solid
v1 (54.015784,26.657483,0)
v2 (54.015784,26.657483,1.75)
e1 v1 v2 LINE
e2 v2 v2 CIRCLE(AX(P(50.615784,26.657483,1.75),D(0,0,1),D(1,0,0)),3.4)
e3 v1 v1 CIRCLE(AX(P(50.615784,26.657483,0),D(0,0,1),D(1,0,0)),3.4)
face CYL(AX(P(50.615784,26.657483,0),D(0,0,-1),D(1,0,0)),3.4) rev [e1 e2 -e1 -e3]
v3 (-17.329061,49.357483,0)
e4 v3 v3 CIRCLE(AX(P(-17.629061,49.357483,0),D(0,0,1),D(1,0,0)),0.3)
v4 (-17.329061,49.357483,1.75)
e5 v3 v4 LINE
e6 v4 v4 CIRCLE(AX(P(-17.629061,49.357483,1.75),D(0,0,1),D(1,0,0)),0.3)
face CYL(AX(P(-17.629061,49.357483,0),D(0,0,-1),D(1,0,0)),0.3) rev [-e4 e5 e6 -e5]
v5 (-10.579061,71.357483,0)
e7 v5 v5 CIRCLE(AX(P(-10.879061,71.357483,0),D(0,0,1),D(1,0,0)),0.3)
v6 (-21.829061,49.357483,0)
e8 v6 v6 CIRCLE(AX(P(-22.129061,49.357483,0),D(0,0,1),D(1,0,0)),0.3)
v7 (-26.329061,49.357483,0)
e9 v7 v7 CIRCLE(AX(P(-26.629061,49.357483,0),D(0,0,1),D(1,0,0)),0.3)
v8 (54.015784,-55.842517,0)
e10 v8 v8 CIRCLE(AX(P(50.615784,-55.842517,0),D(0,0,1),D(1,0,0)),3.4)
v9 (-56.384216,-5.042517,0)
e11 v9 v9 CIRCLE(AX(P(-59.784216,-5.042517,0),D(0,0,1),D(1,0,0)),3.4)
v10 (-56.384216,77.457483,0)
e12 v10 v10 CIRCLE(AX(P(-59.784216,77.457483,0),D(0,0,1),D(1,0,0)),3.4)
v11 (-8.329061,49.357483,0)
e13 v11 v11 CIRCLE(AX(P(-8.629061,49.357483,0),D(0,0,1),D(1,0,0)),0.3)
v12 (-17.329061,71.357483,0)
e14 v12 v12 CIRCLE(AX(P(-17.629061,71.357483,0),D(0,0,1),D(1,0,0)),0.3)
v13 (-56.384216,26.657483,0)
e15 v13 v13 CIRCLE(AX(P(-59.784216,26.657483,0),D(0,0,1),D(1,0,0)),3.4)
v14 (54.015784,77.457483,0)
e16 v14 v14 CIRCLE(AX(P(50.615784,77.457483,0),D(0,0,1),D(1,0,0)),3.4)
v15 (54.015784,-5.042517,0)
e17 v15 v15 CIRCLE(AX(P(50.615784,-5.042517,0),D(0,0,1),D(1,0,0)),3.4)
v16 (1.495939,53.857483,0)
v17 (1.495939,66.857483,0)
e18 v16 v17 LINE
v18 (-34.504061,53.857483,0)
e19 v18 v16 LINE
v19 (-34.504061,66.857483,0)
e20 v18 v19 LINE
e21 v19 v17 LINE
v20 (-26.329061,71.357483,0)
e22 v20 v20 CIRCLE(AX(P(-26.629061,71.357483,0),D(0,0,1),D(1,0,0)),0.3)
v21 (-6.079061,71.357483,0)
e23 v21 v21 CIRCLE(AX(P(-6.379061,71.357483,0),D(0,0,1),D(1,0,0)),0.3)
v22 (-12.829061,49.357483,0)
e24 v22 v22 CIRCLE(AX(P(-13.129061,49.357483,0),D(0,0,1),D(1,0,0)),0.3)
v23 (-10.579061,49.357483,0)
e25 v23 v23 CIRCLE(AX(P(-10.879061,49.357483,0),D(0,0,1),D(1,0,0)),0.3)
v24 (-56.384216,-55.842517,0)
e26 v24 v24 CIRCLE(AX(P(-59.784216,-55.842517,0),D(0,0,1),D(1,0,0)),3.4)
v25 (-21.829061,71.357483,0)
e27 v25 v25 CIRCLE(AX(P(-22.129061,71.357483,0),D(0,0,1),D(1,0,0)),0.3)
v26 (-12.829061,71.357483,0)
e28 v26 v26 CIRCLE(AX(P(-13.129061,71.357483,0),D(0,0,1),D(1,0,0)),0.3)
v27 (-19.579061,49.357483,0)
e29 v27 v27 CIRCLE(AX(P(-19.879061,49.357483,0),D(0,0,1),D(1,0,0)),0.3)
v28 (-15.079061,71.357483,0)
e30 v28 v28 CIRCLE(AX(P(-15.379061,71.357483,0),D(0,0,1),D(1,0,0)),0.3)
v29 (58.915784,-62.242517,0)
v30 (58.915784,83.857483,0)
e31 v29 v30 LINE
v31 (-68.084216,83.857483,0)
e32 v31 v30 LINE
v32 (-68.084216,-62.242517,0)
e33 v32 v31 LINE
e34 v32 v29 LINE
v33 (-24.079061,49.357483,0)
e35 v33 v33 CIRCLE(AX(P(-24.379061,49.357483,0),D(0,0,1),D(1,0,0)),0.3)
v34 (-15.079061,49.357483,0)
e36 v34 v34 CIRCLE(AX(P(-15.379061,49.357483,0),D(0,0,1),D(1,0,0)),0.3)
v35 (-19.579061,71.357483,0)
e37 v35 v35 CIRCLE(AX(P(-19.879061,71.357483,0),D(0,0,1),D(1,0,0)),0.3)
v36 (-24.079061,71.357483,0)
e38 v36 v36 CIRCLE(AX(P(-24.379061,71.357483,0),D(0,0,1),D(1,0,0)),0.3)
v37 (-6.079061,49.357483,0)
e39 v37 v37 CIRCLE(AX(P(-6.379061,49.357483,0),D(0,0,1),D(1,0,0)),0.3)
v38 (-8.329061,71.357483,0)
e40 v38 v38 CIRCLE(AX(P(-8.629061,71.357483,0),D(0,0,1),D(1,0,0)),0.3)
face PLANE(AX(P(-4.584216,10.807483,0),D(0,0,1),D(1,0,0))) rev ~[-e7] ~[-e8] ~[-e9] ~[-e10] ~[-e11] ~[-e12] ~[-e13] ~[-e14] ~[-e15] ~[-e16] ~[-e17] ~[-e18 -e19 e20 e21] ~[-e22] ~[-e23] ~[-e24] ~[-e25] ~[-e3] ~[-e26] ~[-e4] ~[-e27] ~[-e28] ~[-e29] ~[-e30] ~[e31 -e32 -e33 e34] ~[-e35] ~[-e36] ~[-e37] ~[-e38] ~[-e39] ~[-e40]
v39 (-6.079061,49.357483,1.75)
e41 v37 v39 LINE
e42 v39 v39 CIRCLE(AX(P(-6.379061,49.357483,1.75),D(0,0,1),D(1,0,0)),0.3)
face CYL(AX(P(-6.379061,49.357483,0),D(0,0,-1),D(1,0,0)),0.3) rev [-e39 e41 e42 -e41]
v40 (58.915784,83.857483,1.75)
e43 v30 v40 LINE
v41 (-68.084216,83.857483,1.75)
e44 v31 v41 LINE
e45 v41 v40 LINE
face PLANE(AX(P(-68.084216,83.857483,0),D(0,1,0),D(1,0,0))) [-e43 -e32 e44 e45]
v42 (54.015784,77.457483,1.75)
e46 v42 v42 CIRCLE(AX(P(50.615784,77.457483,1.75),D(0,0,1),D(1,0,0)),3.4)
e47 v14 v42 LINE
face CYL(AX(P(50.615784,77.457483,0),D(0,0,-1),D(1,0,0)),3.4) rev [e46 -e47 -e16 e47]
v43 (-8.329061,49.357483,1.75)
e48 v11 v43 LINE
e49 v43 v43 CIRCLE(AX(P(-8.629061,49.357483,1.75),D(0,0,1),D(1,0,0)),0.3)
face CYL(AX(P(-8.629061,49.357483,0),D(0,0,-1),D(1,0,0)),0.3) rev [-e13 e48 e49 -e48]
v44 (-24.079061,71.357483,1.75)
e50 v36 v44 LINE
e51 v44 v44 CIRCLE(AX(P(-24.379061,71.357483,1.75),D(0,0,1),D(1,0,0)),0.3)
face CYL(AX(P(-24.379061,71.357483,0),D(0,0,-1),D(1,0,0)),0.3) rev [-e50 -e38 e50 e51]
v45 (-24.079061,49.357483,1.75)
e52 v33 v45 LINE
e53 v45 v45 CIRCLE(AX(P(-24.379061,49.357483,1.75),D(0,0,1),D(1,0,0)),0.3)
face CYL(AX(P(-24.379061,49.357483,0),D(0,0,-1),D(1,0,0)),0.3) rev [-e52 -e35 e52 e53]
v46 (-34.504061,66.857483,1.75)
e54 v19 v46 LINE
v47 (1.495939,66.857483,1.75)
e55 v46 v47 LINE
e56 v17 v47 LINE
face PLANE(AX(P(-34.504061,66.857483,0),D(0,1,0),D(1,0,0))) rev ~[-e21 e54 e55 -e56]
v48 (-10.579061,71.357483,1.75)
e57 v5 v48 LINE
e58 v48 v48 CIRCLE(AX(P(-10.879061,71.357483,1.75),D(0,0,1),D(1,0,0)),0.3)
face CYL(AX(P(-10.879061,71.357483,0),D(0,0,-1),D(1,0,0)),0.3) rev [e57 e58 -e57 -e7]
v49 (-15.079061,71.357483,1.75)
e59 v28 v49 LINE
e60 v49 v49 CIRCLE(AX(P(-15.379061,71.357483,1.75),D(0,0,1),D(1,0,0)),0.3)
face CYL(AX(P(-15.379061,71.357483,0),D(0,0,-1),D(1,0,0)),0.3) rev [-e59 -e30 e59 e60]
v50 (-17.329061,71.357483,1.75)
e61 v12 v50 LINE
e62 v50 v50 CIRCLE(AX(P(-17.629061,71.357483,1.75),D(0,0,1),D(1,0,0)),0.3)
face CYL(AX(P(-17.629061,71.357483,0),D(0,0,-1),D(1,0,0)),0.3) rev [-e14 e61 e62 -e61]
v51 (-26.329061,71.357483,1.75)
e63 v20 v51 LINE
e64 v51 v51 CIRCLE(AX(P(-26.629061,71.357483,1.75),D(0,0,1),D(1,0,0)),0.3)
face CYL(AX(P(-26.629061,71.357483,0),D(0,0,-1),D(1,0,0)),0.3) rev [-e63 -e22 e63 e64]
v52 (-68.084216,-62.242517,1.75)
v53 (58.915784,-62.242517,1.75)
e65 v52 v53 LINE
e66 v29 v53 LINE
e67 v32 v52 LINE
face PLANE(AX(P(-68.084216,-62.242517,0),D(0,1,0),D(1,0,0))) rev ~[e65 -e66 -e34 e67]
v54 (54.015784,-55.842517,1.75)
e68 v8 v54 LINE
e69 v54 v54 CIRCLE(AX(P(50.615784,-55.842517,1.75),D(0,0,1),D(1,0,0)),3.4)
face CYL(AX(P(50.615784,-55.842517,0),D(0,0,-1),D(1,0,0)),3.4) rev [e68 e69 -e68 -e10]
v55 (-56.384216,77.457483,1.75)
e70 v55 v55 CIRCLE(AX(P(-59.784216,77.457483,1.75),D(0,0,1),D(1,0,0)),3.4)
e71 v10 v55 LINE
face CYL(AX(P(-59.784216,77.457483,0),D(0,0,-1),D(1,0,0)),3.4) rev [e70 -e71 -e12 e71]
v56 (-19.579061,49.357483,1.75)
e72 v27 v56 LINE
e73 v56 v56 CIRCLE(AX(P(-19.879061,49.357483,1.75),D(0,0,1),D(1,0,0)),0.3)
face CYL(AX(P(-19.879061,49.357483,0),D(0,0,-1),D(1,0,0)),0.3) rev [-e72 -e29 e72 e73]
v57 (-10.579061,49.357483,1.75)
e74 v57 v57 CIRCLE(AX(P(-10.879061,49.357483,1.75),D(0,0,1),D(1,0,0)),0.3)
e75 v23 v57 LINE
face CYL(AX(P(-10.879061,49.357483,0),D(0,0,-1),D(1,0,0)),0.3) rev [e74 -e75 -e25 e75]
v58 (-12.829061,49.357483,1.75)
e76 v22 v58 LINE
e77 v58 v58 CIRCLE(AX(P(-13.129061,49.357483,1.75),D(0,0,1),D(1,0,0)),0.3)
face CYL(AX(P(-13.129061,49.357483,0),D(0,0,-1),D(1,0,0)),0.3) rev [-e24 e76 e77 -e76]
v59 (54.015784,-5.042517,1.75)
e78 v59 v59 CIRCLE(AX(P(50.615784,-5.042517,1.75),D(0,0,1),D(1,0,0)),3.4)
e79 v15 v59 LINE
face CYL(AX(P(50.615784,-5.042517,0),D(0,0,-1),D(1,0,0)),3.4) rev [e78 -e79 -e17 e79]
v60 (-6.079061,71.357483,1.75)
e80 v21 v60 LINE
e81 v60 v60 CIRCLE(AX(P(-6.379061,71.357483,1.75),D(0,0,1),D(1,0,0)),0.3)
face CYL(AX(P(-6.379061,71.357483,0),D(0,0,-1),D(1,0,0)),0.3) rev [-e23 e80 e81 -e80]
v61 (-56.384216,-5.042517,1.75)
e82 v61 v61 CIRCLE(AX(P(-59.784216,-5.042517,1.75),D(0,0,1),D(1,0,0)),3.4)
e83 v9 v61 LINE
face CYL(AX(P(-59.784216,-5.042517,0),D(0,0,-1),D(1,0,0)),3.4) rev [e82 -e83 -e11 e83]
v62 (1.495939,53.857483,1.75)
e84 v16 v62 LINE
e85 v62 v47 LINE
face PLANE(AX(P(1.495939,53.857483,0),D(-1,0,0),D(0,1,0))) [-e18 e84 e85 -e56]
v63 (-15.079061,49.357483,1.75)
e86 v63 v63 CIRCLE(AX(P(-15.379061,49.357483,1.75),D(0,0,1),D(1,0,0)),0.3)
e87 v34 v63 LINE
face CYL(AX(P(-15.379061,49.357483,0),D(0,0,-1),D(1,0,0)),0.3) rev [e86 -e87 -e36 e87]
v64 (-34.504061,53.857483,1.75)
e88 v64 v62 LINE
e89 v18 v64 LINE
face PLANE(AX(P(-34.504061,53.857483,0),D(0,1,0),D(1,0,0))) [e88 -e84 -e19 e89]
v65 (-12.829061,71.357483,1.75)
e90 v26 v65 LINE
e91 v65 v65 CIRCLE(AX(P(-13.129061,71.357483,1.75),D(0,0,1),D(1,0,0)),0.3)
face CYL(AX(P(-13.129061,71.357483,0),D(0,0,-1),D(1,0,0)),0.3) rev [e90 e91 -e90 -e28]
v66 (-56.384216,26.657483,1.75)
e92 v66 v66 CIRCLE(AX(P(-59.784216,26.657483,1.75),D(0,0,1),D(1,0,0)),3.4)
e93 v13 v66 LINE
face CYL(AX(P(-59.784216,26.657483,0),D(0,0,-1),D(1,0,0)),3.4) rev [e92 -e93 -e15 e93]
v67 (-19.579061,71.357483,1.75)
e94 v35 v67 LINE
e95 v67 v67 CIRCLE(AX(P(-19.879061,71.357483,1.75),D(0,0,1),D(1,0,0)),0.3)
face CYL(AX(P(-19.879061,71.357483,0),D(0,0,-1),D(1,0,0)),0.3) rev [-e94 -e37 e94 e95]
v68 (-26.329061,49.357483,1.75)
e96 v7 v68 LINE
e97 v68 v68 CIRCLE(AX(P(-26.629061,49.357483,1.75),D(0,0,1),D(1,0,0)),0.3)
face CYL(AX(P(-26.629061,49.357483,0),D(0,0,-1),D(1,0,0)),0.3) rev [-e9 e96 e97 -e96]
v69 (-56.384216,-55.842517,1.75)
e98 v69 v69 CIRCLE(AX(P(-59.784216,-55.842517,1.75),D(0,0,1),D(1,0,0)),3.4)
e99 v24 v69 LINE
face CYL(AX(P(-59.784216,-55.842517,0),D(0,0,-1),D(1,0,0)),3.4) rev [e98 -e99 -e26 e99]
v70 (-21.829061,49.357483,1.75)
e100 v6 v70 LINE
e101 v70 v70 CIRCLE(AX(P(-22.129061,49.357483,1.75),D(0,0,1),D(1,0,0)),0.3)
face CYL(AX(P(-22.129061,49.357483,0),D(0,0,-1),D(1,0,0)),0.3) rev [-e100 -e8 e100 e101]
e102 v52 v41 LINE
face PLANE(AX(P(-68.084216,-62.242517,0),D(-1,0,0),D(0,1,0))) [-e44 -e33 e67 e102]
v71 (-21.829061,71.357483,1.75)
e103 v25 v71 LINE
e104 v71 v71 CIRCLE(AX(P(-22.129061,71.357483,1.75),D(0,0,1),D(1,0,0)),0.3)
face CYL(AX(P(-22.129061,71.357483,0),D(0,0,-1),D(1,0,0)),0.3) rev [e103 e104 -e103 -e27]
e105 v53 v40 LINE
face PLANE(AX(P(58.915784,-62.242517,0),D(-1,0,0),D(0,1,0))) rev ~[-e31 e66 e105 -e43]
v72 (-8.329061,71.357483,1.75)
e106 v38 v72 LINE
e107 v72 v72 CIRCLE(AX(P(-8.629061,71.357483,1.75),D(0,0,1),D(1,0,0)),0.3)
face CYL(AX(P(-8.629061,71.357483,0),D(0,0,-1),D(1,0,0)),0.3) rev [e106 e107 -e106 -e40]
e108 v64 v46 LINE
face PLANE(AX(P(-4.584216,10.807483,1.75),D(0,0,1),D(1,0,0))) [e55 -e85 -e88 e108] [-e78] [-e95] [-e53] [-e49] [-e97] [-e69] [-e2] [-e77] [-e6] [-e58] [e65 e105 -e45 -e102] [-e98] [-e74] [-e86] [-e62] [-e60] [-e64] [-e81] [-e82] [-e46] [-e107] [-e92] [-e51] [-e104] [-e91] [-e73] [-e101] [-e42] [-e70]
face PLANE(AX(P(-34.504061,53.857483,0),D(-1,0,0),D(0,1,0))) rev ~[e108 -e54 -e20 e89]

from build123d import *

# Parameters (mm, degrees)
F0_W     = 127
F0_H     = 146.1
F0_R     = 3.4
F0_R_2   = 0.3
F0_W_2   = 36
F0_H_2   = 13
F1_DEPTH = 1.75


with BuildPart() as f1:
    # F0 (on Top) → F1 (new body)
    with BuildSketch(Plane.XY):
        with Locations((-4.584216, 10.807483)):
            Rectangle(F0_W, F0_H)
        with Locations((-59.784216, -55.842517)):
            Circle(F0_R, mode=Mode.SUBTRACT)
        with Locations((-59.784216, -5.042517)):
            Circle(F0_R, mode=Mode.SUBTRACT)
        with Locations((50.615784, -55.842517)):
            Circle(F0_R, mode=Mode.SUBTRACT)
        with Locations((50.615784, -5.042517)):
            Circle(F0_R, mode=Mode.SUBTRACT)
        with Locations((-59.784216, 26.657483)):
            Circle(F0_R, mode=Mode.SUBTRACT)
        with Locations((-59.784216, 77.457483)):
            Circle(F0_R, mode=Mode.SUBTRACT)
        with Locations((-26.629061, 49.357483)):
            Circle(F0_R_2, mode=Mode.SUBTRACT)
        with Locations((-24.379061, 49.357483)):
            Circle(F0_R_2, mode=Mode.SUBTRACT)
        with Locations((-22.129061, 49.357483)):
            Circle(F0_R_2, mode=Mode.SUBTRACT)
        with Locations((-19.879061, 49.357483)):
            Circle(F0_R_2, mode=Mode.SUBTRACT)
        with Locations((-17.629061, 49.357483)):
            Circle(F0_R_2, mode=Mode.SUBTRACT)
        with Locations((-15.379061, 49.357483)):
            Circle(F0_R_2, mode=Mode.SUBTRACT)
        with Locations((-13.129061, 49.357483)):
            Circle(F0_R_2, mode=Mode.SUBTRACT)
        with Locations((-10.879061, 49.357483)):
            Circle(F0_R_2, mode=Mode.SUBTRACT)
        with Locations((-8.629061, 49.357483)):
            Circle(F0_R_2, mode=Mode.SUBTRACT)
        with Locations((-6.379061, 49.357483)):
            Circle(F0_R_2, mode=Mode.SUBTRACT)
        with Locations((-16.504061, 60.357483)):
            Rectangle(F0_W_2, F0_H_2, mode=Mode.SUBTRACT)
        with Locations((-26.629061, 71.357483)):
            Circle(F0_R_2, mode=Mode.SUBTRACT)
        with Locations((-24.379061, 71.357483)):
            Circle(F0_R_2, mode=Mode.SUBTRACT)
        with Locations((-22.129061, 71.357483)):
            Circle(F0_R_2, mode=Mode.SUBTRACT)
        with Locations((-19.879061, 71.357483)):
            Circle(F0_R_2, mode=Mode.SUBTRACT)
        with Locations((-17.629061, 71.357483)):
            Circle(F0_R_2, mode=Mode.SUBTRACT)
        with Locations((-15.379061, 71.357483)):
            Circle(F0_R_2, mode=Mode.SUBTRACT)
        with Locations((-13.129061, 71.357483)):
            Circle(F0_R_2, mode=Mode.SUBTRACT)
        with Locations((-10.879061, 71.357483)):
            Circle(F0_R_2, mode=Mode.SUBTRACT)
        with Locations((-8.629061, 71.357483)):
            Circle(F0_R_2, mode=Mode.SUBTRACT)
        with Locations((-6.379061, 71.357483)):
            Circle(F0_R_2, mode=Mode.SUBTRACT)
        with Locations((50.615784, 26.657483)):
            Circle(F0_R, mode=Mode.SUBTRACT)
        with Locations((50.615784, 77.457483)):
            Circle(F0_R, mode=Mode.SUBTRACT)
    extrude(amount=F1_DEPTH)


solid = f1.part
